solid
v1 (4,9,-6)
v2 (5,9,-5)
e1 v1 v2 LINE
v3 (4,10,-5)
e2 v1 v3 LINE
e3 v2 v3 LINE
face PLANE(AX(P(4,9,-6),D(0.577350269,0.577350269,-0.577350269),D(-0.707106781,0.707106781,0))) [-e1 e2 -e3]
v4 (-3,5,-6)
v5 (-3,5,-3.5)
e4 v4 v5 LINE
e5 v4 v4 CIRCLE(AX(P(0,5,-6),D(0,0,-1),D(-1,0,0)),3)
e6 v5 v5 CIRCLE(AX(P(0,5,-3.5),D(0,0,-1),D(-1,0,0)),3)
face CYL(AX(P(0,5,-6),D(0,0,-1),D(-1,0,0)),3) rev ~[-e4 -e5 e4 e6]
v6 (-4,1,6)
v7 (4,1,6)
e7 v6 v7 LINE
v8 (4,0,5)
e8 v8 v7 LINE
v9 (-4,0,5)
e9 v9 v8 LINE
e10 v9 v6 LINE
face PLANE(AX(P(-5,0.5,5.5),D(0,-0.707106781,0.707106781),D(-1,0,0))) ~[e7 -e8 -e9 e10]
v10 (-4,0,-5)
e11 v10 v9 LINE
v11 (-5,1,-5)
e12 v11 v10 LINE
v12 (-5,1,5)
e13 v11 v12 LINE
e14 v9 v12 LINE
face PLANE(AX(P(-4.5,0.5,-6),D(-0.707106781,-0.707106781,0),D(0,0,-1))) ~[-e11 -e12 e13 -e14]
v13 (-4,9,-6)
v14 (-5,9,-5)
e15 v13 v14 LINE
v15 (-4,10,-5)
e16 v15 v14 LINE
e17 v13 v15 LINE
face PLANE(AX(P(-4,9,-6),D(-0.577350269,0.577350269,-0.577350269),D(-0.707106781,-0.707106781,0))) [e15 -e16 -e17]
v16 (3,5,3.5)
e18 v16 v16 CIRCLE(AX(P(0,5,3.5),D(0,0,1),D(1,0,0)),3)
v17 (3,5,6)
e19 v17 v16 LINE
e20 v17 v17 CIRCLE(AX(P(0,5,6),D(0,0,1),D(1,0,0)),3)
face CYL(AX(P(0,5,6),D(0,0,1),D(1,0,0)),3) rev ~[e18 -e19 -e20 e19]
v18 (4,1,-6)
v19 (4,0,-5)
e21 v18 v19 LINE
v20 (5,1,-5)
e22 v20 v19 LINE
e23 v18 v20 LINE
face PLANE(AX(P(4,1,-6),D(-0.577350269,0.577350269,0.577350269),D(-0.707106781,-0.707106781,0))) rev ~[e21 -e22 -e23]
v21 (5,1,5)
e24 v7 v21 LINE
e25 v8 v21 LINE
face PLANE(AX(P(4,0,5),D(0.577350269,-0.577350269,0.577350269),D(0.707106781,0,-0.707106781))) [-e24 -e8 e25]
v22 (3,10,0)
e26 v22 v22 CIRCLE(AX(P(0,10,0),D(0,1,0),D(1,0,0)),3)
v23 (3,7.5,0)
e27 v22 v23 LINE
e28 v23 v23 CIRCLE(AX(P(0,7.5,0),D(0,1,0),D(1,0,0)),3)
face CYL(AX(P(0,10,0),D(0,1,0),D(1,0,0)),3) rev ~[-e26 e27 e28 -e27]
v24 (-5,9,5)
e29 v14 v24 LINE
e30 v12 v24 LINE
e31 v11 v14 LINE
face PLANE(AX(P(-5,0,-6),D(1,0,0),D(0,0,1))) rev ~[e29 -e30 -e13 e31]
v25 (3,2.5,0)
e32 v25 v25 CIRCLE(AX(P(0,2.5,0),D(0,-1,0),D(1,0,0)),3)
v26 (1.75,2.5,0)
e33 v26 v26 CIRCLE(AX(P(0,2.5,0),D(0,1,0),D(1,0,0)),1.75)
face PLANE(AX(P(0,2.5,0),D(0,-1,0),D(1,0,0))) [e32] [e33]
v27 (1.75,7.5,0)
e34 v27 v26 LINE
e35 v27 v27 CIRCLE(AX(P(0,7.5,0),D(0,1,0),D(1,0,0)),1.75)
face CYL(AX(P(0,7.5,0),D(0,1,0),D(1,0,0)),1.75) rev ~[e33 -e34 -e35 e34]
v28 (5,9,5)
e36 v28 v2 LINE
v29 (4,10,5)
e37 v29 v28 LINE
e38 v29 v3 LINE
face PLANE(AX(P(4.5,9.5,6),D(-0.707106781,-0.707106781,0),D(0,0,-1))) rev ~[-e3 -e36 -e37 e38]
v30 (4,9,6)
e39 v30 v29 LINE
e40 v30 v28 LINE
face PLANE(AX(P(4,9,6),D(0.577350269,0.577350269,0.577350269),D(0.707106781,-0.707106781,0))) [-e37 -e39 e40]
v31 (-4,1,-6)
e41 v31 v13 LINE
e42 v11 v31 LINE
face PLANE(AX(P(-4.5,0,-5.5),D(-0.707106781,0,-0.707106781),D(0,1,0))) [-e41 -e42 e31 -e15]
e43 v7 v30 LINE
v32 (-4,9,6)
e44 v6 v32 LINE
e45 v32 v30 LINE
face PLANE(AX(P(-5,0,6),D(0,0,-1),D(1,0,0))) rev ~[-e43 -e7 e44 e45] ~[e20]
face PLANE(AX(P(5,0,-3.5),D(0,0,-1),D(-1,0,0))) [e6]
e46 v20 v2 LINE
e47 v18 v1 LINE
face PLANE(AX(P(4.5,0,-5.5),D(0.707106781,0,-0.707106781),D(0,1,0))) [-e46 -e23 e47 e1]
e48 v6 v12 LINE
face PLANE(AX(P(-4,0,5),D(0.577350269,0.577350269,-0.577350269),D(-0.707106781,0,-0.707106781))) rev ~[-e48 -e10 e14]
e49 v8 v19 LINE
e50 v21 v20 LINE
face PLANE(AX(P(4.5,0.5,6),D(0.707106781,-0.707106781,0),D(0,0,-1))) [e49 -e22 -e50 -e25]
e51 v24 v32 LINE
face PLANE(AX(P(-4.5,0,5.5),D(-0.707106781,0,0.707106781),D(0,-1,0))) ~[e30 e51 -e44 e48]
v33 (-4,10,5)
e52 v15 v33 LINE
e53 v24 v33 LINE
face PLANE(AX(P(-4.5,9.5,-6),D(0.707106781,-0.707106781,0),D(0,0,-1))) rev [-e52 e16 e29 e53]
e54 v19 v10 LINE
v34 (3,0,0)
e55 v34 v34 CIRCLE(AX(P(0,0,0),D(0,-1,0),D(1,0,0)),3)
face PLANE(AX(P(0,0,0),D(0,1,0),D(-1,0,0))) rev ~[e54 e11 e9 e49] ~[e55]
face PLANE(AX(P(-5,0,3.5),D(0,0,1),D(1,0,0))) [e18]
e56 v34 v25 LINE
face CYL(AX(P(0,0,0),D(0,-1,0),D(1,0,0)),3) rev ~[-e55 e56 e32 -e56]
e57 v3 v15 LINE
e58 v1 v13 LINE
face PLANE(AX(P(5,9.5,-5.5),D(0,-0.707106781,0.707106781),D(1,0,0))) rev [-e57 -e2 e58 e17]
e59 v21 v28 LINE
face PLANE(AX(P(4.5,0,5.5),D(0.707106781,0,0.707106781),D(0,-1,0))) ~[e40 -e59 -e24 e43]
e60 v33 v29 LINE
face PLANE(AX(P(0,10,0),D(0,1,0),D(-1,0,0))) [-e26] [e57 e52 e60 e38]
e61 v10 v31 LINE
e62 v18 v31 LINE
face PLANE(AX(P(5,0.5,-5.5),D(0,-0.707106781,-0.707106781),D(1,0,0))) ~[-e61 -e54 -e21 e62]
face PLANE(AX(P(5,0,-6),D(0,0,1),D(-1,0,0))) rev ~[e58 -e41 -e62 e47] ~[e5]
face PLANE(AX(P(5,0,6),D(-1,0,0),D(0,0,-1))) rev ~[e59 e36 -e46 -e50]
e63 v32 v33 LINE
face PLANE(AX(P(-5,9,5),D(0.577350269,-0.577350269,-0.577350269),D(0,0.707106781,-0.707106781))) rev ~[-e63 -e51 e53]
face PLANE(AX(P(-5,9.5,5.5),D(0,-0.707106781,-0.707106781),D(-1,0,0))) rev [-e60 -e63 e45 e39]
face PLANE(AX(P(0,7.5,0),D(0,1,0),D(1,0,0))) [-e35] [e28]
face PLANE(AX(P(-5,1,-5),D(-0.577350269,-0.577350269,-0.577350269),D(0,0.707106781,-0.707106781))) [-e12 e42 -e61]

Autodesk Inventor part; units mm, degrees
ref_plane "YZ Plane" through (0, 0, 0) normal (1, 0, 0) x (0, 1, 0)
ref_plane "XZ Plane" through (0, 0, 0) normal (0, 1, 0) x (-1, 0, 0)
ref_plane "XY Plane" through (0, 0, 0) normal (0, 0, 1) x (1, 0, 0)
sketch "Esquisse1" plane through (0, 0, 0) normal (0, 1, 0) x (-1, 0, 0)
  line L0 (5, 6) -> (-5, 6)
  line L1 (-5, 6) -> (-5, -6)
  line L2 (-5, -6) -> (5, -6)
  line L3 (5, -6) -> (5, 6)
  point P0 (0, 0)
  dimension "d0" = 10
  dimension "d1" = 5
  dimension "d2" = 6
  dimension "d3" = 6
extrude "Extrusion1" add sketch "Esquisse1" along normal blind 10
sketch "Esquisse2" plane through (-5, 0, 6) normal (0, 0, 1) x (1, 0, 0)
  circle A0 centre (5, 5) radius 3
  line L0 (0, 0) -> (0, 10) projected
  point P0 (5, 0)
  dimension "d6" = 6
  dimension "d7" = 5
  dimension "d8" = 5
extrude "Extrusion2" cut sketch "Esquisse2" against normal blind 2.5
sketch "Esquisse3" plane through (5, 0, -6) normal (0, 0, -1) x (-1, 0, 0)
  circle A0 centre (5, 5) radius 3 projected
  point P0 (5, 0)
extrude "Extrusion3" cut sketch "Esquisse3" against normal blind 2.5
sketch "Esquisse4" plane through (0, 0, 0) normal (0, -1, 0) x (1, 0, 0)
  circle A0 centre (0, 0) radius 3
  dimension "d13" = 6
extrude "Extrusion4" cut sketch "Esquisse4" against normal blind 2.5
sketch "Esquisse5" plane through (0, 10, 0) normal (0, 1, 0) x (1, 0, 0)
  circle A0 centre (0, 0) radius 3 projected
  circle A1 centre (0, 0) radius 3 projected
extrude "Extrusion5" cut sketch "Esquisse5" against normal blind 2.5
sketch "Esquisse6" plane through (0, 7.5, 0) normal (0, 1, 0) x (1, 0, 0)
  circle A0 centre (0, 0) radius 1.75
  dimension "d18" = 3.5
extrude "Extrusion6" cut sketch "Esquisse6" against normal up to surface (5 mm away)
chamfer "Chanfrein1" distance 1 angle 45 12 edges at (5, 10, 0) (0, 10, 6) (5, 5, 6) (-5, 5, 6) (0, 0, 6) (5, 0, 0) (5, 5, -6) (0, 0, -6) (-5, 0, 0) (-5, 10, 0) (0, 10, -6) (-5, 5, -6)
properties part number "piece roulement"
